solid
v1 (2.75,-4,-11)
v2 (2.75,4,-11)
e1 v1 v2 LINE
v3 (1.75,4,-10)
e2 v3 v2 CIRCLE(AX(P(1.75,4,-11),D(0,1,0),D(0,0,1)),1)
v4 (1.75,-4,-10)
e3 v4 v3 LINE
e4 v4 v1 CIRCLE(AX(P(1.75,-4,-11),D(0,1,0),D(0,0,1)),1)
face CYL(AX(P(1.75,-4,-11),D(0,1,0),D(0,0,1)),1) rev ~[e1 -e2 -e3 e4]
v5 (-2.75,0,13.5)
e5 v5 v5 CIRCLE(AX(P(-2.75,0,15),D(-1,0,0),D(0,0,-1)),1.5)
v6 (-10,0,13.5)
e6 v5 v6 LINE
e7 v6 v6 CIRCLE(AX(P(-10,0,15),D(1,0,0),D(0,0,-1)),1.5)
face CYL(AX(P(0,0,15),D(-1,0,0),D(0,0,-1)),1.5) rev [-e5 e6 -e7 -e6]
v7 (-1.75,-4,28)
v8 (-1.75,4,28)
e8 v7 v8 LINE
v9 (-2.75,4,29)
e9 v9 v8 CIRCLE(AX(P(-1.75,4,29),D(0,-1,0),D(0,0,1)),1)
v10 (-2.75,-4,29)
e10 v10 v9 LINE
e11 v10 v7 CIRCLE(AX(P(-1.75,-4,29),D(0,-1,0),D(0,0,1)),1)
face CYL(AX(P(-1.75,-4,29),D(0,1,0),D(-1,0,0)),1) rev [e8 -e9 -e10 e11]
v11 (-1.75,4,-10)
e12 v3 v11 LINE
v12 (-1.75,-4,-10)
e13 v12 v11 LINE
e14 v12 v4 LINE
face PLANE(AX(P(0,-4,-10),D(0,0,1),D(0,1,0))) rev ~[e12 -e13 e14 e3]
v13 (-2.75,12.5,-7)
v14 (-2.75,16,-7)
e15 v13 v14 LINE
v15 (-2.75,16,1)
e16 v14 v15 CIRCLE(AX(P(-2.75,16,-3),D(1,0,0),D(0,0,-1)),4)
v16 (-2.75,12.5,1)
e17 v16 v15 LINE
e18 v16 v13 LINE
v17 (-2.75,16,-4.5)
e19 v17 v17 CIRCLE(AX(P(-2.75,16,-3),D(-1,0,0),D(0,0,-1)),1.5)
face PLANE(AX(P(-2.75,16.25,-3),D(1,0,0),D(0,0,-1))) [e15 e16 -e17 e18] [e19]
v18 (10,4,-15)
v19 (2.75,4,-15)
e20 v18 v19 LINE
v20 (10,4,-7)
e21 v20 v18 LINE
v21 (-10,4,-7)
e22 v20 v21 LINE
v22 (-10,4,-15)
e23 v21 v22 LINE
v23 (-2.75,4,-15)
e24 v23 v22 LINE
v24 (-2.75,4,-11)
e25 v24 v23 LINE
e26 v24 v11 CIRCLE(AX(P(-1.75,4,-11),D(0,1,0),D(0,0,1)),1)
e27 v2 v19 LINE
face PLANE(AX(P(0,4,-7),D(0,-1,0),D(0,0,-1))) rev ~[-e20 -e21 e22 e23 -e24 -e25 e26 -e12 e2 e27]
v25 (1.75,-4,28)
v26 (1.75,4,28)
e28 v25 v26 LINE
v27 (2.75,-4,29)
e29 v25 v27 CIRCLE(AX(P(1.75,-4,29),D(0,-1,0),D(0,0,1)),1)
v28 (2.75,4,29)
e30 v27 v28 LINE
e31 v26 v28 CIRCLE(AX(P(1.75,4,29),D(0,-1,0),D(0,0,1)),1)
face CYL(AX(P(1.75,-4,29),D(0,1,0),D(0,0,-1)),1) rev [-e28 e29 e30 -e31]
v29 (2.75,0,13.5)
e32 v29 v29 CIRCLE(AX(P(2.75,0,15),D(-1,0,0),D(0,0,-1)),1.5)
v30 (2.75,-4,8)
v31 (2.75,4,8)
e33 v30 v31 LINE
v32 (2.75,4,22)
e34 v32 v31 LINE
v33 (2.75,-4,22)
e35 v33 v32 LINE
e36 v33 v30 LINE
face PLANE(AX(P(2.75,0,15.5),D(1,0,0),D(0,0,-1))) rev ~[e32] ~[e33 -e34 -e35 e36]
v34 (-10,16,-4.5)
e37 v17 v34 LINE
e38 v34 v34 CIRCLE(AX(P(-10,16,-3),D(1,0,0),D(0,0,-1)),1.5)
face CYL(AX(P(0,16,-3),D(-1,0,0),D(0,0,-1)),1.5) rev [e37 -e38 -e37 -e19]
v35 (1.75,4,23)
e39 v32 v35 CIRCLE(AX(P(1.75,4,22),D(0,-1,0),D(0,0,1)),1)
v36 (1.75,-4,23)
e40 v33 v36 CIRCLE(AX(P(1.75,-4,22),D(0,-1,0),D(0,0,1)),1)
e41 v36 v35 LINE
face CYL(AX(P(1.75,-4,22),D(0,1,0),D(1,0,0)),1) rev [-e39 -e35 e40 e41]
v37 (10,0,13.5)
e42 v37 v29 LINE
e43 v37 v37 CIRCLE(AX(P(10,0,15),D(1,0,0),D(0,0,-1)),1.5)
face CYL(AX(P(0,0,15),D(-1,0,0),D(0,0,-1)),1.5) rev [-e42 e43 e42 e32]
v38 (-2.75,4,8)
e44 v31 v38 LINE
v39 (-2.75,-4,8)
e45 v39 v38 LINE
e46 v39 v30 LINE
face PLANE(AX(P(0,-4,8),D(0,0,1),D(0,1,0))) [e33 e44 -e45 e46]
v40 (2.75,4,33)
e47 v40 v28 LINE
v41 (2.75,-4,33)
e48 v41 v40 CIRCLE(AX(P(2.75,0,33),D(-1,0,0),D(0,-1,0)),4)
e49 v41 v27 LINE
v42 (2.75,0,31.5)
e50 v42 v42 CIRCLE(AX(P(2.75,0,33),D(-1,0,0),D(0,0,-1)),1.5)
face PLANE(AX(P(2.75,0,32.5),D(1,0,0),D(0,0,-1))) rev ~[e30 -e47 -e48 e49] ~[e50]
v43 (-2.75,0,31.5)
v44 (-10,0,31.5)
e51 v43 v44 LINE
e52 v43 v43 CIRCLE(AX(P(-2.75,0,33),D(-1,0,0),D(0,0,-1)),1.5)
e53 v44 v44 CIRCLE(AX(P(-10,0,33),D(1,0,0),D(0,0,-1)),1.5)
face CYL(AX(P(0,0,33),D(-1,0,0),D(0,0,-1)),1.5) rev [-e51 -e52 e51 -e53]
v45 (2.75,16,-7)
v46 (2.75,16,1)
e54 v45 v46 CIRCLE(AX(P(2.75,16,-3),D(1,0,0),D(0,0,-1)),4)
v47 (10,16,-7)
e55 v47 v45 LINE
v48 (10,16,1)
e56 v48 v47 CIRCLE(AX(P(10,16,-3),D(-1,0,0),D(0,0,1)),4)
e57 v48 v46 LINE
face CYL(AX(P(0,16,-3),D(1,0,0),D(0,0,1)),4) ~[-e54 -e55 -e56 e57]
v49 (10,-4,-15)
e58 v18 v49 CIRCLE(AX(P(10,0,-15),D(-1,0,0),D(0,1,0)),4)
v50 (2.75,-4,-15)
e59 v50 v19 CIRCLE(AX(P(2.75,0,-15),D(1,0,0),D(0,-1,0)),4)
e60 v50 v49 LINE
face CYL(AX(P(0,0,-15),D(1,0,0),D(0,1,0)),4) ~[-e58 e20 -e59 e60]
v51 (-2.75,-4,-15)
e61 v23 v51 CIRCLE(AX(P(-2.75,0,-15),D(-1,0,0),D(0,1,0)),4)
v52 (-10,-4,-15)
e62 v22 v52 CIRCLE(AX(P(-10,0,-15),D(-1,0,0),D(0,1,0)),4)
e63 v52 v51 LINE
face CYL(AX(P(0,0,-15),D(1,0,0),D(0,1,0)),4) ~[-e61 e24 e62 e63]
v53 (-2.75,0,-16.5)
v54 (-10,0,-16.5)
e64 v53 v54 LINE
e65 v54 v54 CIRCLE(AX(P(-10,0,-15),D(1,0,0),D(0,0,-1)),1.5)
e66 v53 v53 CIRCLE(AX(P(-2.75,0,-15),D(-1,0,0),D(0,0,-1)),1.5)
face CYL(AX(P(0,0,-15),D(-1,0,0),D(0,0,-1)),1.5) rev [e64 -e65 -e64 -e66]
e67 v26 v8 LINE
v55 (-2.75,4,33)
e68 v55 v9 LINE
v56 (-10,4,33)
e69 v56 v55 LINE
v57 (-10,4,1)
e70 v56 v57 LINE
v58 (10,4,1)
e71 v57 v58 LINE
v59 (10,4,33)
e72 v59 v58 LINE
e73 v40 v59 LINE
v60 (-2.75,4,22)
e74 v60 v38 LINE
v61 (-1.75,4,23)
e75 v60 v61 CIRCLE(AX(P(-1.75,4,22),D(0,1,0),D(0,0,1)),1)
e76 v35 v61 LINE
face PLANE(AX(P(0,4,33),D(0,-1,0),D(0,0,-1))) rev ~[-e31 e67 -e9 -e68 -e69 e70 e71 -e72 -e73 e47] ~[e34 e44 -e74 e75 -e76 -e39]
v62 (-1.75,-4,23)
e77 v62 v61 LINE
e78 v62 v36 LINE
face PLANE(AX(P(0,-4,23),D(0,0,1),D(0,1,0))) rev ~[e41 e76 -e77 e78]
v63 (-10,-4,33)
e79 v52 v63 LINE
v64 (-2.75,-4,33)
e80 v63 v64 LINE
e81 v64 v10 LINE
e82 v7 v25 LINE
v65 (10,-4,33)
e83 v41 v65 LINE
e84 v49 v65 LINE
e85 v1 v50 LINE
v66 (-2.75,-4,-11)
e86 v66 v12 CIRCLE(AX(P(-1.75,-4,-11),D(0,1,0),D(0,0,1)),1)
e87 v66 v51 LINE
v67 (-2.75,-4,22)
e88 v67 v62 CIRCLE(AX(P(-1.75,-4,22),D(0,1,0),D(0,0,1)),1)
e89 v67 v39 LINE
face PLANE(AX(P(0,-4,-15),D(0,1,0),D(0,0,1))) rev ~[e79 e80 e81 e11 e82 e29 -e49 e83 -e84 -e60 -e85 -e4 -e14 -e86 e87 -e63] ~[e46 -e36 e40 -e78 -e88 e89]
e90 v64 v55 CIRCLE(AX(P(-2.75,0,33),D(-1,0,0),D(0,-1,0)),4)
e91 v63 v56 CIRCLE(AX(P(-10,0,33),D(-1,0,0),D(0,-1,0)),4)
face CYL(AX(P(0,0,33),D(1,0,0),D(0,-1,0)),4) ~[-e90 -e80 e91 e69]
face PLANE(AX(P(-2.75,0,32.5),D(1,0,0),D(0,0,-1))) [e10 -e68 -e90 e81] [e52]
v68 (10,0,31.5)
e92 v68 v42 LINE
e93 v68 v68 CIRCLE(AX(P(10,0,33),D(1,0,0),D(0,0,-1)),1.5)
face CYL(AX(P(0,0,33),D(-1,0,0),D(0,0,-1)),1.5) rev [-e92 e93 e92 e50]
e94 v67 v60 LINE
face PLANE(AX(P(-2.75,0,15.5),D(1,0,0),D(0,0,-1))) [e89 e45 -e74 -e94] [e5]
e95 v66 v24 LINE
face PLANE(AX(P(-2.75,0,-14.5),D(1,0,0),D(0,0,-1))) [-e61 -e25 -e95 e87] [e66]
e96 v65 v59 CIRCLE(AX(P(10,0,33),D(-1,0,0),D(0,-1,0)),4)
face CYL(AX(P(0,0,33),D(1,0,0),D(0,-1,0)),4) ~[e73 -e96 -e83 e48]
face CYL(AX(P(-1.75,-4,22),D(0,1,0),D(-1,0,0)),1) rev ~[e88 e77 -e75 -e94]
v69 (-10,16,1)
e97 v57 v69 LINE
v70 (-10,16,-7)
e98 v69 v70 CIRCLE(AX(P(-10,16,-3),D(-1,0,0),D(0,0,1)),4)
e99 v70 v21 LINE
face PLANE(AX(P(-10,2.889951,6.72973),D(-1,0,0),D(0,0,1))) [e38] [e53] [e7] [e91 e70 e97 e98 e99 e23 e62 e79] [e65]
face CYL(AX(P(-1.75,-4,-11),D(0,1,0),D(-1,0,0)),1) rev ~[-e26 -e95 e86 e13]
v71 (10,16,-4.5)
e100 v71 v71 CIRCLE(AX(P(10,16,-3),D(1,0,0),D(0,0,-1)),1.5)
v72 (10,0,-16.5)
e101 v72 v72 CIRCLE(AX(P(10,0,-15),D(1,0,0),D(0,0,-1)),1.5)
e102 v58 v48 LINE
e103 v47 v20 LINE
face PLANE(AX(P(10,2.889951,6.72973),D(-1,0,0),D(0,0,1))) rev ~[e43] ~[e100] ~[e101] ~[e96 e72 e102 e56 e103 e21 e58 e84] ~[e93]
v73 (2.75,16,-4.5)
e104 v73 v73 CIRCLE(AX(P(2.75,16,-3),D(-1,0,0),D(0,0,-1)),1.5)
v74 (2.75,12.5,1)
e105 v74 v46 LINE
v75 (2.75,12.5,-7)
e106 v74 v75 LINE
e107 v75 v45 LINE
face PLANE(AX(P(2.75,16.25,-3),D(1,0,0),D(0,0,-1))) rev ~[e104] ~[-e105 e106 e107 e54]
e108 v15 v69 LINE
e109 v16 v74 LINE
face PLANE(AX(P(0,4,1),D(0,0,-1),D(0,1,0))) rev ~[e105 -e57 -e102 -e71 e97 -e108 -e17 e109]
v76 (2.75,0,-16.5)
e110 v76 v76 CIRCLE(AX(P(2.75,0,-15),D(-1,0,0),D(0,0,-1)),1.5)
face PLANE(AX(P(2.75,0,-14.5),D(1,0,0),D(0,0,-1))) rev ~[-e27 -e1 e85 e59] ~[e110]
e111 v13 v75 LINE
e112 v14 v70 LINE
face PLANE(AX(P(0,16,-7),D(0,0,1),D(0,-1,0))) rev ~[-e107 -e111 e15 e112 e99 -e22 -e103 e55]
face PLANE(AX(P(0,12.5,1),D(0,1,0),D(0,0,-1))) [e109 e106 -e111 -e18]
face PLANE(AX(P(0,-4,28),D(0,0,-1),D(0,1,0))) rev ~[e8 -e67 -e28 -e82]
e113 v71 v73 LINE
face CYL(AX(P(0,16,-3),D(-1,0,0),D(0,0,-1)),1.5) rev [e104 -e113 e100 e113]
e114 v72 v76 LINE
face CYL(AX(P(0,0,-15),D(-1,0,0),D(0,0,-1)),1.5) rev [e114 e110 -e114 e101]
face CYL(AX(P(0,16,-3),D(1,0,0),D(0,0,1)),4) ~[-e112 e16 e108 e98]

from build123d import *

# Parameters (mm, degrees)
CROQUIS1_R              = 1.5
SALIENTE_EXTRUIR1_DEPTH = 10
CROQUIS2_W              = 8
CROQUIS2_H              = 7.5
CROQUIS2_W_2            = 15
CROQUIS2_H_2            = 8
CROQUIS2_W_3            = 9
CORTAR_EXTRUIR1_DEPTH   = 2.75
REDONDEO1_R             = 1


with BuildPart() as part:
    # Croquis1 → Saliente-Extruir1 (new, symmetric)
    with BuildSketch(Plane(origin=(0, 0, 0), x_dir=(0, 0, -1), z_dir=(1, 0, 0))):
        with BuildLine():
            Line((-15, 4), (-1, 4))
            Line((-1, 4), (-1, 16))
            ThreePointArc((-1, 16), (3, 20), (7, 16))
            Line((7, 16), (7, 4))
            Line((7, 4), (15, 4))
            ThreePointArc((15, 4), (19, 0), (15, -4))
            Line((15, -4), (-15, -4))
            Line((-15, -4), (-33, -4))
            ThreePointArc((-33, -4), (-37, 0), (-33, 4))
            Line((-33, 4), (-15, 4))
        make_face()
        with Locations((15, 0)):
            Circle(CROQUIS1_R, mode=Mode.SUBTRACT)
        with Locations((3, 16)):
            Circle(CROQUIS1_R, mode=Mode.SUBTRACT)
        with Locations((-15, 0)):
            Circle(CROQUIS1_R, mode=Mode.SUBTRACT)
        with Locations((-33, 0)):
            Circle(CROQUIS1_R, mode=Mode.SUBTRACT)
    extrude(amount=SALIENTE_EXTRUIR1_DEPTH, both=True)

    # Croquis2 → Cortar-Extruir1 (cut, symmetric)
    with BuildSketch(Plane(origin=(0, 0, 0), x_dir=(0, 0, -1), z_dir=(1, 0, 0))):
        with Locations((3, 16.25)):
            Rectangle(CROQUIS2_W, CROQUIS2_H)
        with Locations((-15.5, 0)):
            Rectangle(CROQUIS2_W_2, CROQUIS2_H_2)
        with Locations((14.5, 0)):
            Rectangle(CROQUIS2_W_3, CROQUIS2_H_2)
        with Locations((-32.5, 0)):
            Rectangle(CROQUIS2_W_3, CROQUIS2_H_2)
    extrude(amount=CORTAR_EXTRUIR1_DEPTH, both=True, mode=Mode.SUBTRACT)

    # Redondeo1
    redondeo1_edges = [part.edges().sort_by_distance(p)[0] for p in [
        (2.75, 0, -10),
        (-2.75, 0, -10),
        (-2.75, 0, 23),
        (2.75, 0, 23),
        (2.75, 0, 28),
        (-2.75, 0, 28),
    ]]
    fillet(redondeo1_edges, radius=REDONDEO1_R)


solid = part.part
